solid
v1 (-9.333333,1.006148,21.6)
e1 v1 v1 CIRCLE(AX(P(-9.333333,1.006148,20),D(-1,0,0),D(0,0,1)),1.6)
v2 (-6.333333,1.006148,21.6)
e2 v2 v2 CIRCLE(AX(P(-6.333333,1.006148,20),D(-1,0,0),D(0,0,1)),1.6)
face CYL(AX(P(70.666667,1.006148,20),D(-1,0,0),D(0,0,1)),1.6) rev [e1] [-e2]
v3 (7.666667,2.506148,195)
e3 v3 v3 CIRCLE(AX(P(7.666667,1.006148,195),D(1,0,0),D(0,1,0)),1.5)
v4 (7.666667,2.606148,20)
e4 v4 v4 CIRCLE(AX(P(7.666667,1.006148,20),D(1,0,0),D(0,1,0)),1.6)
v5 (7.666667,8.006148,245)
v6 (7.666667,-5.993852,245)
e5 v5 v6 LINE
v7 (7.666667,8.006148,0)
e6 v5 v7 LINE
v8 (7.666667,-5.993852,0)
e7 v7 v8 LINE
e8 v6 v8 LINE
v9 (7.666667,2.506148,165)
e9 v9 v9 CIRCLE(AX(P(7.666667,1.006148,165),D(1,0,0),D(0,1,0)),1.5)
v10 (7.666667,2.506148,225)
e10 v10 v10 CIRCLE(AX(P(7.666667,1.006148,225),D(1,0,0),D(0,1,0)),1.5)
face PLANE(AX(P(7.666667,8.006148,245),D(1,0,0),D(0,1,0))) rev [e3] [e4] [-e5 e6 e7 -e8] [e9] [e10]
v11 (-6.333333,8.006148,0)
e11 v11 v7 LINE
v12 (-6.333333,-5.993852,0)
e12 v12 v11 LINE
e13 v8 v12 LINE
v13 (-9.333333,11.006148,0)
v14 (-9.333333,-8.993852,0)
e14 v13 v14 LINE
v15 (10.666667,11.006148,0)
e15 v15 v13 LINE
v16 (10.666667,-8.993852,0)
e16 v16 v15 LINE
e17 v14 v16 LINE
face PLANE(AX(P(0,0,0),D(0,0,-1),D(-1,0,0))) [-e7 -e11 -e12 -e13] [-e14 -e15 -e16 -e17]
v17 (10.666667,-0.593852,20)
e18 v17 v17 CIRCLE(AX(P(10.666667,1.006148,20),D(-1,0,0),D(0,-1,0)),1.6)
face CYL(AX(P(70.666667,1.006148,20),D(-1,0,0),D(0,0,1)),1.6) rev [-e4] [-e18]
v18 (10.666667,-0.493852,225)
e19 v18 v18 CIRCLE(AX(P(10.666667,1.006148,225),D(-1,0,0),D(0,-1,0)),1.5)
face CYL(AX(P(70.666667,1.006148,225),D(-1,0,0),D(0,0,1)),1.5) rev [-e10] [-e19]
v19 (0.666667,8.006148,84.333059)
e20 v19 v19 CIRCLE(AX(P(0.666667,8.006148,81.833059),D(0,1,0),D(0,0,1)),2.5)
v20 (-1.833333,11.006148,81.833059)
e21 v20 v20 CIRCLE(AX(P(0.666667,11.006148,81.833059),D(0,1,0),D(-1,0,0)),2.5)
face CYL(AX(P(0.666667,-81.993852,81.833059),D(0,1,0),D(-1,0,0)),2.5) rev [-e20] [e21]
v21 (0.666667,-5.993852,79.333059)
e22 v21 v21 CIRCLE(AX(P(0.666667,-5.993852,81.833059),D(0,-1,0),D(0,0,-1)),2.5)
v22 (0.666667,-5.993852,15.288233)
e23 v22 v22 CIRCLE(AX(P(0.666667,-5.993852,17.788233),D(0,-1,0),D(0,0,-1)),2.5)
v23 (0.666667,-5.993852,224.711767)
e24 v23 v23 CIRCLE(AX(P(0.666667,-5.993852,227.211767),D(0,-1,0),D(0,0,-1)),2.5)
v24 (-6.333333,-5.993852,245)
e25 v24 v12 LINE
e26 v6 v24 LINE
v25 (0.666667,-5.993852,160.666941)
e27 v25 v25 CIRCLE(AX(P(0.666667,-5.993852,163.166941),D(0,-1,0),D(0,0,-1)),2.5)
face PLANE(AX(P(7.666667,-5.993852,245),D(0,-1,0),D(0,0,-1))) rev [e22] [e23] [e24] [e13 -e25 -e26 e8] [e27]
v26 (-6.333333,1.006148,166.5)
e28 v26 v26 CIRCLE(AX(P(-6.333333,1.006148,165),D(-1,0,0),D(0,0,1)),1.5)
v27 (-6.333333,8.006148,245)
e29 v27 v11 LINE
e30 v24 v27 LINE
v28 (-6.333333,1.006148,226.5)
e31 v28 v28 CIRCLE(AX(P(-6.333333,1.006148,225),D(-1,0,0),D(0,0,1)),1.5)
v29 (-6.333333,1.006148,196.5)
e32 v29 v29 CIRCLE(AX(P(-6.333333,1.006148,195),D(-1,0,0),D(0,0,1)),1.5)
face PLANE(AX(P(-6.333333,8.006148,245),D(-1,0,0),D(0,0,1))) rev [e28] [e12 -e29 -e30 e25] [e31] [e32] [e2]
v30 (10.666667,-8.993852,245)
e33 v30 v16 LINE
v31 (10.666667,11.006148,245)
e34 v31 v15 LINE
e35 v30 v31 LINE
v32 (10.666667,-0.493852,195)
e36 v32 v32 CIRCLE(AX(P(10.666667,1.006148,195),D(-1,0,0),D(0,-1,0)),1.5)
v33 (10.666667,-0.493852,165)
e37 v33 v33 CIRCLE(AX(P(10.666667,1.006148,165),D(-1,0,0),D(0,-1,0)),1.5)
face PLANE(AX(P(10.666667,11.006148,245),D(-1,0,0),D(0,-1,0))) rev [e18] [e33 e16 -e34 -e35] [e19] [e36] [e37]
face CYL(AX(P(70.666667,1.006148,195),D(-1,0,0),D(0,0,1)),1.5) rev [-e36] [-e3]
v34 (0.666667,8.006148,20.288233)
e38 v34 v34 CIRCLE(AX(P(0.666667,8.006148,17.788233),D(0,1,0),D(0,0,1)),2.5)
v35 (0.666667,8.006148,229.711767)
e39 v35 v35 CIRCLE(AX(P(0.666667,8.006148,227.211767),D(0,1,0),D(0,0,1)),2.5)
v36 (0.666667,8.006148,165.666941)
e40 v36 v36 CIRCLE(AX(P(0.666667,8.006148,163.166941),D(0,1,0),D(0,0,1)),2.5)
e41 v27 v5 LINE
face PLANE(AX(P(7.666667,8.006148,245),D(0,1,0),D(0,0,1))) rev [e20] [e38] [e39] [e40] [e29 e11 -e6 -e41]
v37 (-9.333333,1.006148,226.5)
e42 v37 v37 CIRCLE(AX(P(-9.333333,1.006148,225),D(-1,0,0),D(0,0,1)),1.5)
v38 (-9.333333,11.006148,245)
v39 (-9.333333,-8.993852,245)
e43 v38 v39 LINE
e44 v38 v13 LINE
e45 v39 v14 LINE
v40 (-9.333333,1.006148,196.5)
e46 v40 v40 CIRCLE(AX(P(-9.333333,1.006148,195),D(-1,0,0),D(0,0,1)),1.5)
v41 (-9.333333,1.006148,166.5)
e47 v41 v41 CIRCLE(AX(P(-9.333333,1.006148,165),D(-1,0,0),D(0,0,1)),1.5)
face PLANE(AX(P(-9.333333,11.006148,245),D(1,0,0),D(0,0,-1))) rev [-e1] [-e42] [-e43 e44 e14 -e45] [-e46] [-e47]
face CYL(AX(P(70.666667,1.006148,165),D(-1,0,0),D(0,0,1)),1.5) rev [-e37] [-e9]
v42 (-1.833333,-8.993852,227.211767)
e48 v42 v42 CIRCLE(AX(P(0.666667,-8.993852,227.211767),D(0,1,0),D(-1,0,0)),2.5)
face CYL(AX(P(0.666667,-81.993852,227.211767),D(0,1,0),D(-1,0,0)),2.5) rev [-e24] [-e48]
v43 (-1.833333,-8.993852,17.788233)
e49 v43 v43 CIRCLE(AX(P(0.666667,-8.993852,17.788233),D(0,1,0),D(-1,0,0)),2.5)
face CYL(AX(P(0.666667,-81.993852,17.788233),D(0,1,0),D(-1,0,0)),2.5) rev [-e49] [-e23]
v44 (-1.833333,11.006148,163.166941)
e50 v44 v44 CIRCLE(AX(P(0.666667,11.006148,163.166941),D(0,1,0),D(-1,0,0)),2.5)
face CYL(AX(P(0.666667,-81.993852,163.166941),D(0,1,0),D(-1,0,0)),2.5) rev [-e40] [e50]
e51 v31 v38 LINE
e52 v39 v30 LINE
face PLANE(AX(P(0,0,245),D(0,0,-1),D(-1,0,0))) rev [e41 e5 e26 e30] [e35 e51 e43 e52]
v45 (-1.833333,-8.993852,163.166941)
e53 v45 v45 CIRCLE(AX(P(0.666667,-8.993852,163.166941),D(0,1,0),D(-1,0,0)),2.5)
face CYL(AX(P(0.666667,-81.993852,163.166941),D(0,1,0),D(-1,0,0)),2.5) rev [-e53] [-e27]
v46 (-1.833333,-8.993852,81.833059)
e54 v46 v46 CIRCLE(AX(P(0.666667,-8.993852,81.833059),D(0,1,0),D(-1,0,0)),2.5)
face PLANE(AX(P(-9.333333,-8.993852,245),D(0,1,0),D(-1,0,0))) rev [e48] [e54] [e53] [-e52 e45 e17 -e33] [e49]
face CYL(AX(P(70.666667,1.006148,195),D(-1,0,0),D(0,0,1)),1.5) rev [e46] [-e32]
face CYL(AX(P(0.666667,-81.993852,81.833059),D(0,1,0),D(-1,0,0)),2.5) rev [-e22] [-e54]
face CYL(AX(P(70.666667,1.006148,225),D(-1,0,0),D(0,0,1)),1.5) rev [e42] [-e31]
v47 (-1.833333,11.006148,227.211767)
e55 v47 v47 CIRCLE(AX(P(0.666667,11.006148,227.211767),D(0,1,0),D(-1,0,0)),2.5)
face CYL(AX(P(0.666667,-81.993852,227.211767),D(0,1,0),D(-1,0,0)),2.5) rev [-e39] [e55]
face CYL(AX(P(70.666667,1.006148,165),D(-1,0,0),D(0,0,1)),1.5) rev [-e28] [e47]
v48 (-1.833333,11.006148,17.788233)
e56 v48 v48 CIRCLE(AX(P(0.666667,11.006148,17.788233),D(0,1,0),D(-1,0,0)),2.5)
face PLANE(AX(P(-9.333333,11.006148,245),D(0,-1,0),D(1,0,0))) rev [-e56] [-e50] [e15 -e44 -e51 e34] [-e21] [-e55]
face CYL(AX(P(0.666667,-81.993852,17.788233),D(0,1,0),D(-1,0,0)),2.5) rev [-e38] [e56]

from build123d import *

# Parameters (mm, degrees)
SKETCH_1_W          = 20
SKETCH_1_H          = 20
EXTRUDE_1_DEPTH     = 245
SKETCH_2_W          = 14
SKETCH_2_H          = 14
CUT_EXTRUDE_1_DEPTH = 246
SKETCH_3_R          = 1.5
SKETCH_3_R_2        = 1.6
CUT_EXTRUDE_2_DEPTH = 80
SKETCH_4_R          = 2.5
CUT_EXTRUDE_3_DEPTH = 93


with BuildPart() as part:
    # 草图1 → 凸台-拉伸1 (new body)
    with BuildSketch(Plane.XY):
        with Locations((0.666666667, 1.006147649)):
            Rectangle(SKETCH_1_W, SKETCH_1_H)
    extrude(amount=EXTRUDE_1_DEPTH)

    # 草图2 → 切除-拉伸1 (cut, through all)
    with BuildSketch(Plane(origin=(0, 0, 0), x_dir=(-1, 0, 0), z_dir=(0, 0, -1))):
        with Locations((-0.666666667, 1.006147649)):
            Rectangle(SKETCH_2_W, SKETCH_2_H)
    extrude(amount=-CUT_EXTRUDE_1_DEPTH, mode=Mode.SUBTRACT)

    # 草图3 → 切除-拉伸2 (cut)
    with BuildSketch(Plane.ZY.offset(9.333333333)):
        with Locations((225, 1.006147649)):
            Circle(SKETCH_3_R)
        with Locations((195, 1.006147649)):
            Circle(SKETCH_3_R)
        with Locations((165, 1.006147649)):
            Circle(SKETCH_3_R)
        with Locations((20, 1.006147649)):
            Circle(SKETCH_3_R_2)
    extrude(amount=-CUT_EXTRUDE_2_DEPTH, mode=Mode.SUBTRACT)

    # 草图4 → 切除-拉伸3 (cut)
    with BuildSketch(Plane(origin=(0, 11.006147649, 0), x_dir=(1, 0, 0), z_dir=(0, 1, 0))):
        with Locations((0.666666667, -17.788232679)):
            Circle(SKETCH_4_R)
        with Locations((0.666666667, -81.833059371)):
            Circle(SKETCH_4_R)
        with Locations((0.666666667, -163.166940629)):
            Circle(SKETCH_4_R)
        with Locations((0.666666667, -227.211767321)):
            Circle(SKETCH_4_R)
    extrude(amount=-CUT_EXTRUDE_3_DEPTH, mode=Mode.SUBTRACT)


solid = part.part
